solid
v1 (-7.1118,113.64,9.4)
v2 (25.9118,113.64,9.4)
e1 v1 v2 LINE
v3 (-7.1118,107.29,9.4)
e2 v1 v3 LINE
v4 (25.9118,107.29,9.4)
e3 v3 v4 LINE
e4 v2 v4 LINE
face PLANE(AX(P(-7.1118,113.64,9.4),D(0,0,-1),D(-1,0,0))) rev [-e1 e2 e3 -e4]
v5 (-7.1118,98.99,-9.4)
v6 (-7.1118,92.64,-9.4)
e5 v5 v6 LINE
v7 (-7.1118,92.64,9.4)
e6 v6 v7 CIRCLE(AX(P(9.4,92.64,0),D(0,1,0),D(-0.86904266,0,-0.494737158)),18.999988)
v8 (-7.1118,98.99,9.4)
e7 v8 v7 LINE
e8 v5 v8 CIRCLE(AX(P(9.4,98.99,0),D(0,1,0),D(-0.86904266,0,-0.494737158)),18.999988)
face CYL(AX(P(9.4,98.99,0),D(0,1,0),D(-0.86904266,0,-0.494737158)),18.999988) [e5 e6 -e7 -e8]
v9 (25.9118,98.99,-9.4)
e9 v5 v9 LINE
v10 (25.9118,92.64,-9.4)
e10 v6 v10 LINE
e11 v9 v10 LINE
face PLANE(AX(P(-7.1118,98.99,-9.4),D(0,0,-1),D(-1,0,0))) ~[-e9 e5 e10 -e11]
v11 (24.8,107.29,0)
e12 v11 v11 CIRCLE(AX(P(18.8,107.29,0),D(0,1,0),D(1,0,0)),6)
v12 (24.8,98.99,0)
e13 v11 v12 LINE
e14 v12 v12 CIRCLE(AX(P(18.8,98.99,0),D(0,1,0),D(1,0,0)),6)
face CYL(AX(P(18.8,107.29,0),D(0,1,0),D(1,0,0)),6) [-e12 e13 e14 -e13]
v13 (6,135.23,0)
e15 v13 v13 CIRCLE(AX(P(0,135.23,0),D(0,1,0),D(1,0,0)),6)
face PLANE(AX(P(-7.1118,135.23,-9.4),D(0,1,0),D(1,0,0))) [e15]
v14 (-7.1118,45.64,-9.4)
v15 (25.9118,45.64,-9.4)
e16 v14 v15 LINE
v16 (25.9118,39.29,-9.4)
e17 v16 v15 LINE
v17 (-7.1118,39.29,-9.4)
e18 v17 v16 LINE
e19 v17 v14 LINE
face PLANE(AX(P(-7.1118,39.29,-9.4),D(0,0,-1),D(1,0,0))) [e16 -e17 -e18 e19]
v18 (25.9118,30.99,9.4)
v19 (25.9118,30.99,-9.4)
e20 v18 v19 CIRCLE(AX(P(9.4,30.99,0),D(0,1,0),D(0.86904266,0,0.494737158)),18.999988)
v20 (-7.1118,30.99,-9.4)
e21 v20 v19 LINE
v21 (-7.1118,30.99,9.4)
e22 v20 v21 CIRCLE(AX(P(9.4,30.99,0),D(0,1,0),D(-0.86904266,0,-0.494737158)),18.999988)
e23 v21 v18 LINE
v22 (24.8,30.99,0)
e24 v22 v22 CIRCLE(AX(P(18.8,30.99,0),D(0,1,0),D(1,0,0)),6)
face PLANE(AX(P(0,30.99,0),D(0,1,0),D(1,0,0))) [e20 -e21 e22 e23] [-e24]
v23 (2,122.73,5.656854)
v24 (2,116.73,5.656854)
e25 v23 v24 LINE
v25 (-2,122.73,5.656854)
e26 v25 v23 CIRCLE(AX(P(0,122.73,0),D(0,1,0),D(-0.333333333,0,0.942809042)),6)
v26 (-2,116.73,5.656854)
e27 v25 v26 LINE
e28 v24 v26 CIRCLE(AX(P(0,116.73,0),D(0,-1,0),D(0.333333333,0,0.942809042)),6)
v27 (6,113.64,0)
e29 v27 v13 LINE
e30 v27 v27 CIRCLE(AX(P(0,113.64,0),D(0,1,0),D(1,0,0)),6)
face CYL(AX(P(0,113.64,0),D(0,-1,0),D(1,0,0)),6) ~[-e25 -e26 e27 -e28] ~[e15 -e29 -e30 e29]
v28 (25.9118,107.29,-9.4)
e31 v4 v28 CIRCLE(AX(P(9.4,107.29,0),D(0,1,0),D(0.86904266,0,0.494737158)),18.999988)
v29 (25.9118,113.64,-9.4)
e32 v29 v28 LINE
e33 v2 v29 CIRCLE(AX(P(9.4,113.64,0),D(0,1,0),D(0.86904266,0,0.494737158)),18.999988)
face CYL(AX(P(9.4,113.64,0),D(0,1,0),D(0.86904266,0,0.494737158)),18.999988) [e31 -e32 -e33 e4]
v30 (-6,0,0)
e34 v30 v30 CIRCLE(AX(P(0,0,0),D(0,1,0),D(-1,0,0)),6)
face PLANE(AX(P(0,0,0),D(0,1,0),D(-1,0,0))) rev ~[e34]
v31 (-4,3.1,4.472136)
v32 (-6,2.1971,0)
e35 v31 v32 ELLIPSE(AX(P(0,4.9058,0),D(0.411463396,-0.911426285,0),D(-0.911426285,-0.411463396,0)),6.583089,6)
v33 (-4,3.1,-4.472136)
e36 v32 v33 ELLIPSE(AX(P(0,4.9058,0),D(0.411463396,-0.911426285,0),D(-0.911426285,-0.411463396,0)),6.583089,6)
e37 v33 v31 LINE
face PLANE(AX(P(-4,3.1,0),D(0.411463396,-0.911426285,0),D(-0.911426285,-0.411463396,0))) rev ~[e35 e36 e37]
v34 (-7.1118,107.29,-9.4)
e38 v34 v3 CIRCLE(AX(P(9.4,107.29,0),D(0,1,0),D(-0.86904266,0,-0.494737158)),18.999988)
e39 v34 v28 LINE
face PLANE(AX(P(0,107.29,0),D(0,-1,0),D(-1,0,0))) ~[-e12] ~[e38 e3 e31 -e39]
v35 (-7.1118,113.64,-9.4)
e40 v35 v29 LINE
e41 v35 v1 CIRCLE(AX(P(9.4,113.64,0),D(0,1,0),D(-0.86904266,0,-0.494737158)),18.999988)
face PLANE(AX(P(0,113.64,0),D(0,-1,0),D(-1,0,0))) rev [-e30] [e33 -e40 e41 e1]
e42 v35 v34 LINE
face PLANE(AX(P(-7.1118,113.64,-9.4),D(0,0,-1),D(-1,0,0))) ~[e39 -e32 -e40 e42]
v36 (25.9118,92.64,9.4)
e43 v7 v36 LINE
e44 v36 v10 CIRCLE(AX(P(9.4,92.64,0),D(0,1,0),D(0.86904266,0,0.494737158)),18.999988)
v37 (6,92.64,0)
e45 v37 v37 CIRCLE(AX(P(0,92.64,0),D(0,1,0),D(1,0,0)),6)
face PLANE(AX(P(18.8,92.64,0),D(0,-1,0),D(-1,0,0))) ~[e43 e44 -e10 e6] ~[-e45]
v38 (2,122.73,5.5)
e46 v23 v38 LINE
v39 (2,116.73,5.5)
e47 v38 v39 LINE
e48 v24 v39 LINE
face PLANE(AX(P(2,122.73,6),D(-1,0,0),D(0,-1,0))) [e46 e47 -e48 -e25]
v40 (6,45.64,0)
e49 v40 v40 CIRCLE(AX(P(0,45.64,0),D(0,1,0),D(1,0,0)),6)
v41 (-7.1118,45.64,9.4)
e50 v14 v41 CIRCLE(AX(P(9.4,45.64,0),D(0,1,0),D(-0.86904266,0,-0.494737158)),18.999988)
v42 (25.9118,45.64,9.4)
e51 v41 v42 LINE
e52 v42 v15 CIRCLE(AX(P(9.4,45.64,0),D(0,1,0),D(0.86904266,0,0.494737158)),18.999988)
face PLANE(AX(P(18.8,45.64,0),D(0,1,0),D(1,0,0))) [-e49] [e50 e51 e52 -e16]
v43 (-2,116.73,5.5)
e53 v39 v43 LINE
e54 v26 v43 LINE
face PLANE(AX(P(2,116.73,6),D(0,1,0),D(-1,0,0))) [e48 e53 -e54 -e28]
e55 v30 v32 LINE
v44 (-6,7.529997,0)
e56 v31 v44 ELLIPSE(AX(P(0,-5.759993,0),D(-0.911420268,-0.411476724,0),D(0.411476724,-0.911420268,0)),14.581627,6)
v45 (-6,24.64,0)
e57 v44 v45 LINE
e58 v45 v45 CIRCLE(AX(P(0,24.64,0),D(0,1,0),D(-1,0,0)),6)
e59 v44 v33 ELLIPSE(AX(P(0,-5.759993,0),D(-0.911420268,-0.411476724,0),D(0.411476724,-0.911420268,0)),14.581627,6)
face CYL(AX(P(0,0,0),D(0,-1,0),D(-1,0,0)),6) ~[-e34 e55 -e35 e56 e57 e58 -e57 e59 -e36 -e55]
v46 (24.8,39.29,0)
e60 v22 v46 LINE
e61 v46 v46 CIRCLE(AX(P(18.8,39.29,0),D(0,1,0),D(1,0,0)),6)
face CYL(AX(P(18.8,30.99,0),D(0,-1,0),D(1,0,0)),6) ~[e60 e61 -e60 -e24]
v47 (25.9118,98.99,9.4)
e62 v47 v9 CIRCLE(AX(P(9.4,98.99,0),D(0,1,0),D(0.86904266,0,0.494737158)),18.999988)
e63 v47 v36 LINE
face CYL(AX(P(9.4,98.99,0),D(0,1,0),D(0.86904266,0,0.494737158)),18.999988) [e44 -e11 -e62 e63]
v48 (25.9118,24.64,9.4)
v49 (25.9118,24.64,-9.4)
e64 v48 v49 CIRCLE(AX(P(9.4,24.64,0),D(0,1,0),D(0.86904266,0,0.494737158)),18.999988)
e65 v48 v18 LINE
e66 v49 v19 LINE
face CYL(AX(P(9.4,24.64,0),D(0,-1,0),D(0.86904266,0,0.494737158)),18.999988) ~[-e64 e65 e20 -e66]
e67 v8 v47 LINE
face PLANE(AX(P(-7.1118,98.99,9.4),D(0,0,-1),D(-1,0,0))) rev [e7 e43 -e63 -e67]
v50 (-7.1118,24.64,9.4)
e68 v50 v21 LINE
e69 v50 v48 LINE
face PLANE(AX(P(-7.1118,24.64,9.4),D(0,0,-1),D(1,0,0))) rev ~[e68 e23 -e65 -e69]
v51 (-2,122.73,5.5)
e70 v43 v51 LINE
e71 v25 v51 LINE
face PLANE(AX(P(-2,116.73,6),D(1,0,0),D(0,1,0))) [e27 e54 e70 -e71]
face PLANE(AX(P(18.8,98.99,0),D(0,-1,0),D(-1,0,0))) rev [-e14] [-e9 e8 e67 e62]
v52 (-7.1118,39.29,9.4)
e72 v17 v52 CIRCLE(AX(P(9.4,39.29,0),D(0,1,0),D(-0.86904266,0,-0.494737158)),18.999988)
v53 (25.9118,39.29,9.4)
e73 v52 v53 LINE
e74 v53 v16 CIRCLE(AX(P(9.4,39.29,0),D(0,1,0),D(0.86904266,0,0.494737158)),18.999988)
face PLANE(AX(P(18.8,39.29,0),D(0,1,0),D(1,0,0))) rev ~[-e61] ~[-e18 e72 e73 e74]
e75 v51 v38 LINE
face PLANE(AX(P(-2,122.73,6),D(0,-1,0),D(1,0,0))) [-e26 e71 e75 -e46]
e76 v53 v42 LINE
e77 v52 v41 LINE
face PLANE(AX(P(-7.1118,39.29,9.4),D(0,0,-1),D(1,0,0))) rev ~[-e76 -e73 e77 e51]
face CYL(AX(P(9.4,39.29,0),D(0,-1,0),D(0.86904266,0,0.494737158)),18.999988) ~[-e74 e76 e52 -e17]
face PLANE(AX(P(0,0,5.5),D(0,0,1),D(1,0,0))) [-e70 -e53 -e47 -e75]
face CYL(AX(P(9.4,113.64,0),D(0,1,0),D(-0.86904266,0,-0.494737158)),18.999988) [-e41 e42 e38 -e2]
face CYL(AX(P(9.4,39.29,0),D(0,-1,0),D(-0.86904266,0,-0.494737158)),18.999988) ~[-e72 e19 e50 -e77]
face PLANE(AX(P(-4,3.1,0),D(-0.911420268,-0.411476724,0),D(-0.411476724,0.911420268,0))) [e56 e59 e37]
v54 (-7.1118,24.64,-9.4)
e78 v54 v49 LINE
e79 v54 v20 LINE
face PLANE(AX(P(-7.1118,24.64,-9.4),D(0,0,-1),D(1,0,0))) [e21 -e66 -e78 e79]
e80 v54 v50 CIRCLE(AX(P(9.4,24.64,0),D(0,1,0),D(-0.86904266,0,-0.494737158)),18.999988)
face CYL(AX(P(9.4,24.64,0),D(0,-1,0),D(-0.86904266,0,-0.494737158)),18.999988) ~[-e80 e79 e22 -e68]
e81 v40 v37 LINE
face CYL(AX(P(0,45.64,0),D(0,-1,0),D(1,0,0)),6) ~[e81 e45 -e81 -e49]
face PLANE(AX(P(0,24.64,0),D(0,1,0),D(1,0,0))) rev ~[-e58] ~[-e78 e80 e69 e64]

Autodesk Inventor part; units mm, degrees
ref_plane "YZ Plane" through (0, 0, 0) normal (1, 0, 0) x (0, 1, 0)
sketch "Sketch1" plane through (0, 0, 0) normal (0, 1, 0) x (-1, 0, 0)
  circle A0 centre (0, 0) radius 6
  dimension "d10" = 12
extrude "Extrusion1" add sketch "Sketch1" along normal blind 24.64
sketch "Sketch2" plane through (0, 24.64, 0) normal (0, 1, 0) x (1, 0, 0)
  line L0 (0, 0) -> (9.4, 0) construction
  line L1 (9.4, 0) -> (9.4, -9.4) construction
  line L2 (9.4, -9.4) -> (9.4, 9.4) construction
  line L3 (9.4, 9.4) -> (-7.1118, 9.4) construction
  line L4 (-7.1118, -9.4) -> (25.9118, -9.4)
  line L5 (-7.1118, 9.4) -> (25.9118, 9.4)
  arc A0 (-7.1118, 9.4) -> (-7.1118, -9.4) centre (9.4, 0) ccw
  arc A1 (25.9118, -9.4) -> (25.9118, 9.4) centre (9.4, 0) ccw
  dimension "d3" = 9.4
  dimension "d5" = 9.4
  dimension "d6" = 18.8
extrude "Extrusion2" add sketch "Sketch2" along normal blind 6.35
sketch "Sketch3" plane through (0, 30.99, 0) normal (0, 1, 0) x (1, 0, 0)
  arc A0 (25.9118, -9.4) -> (25.9118, 9.4) centre (9.4, 0) ccw construction
  line L0 (28.4, 0) -> (-9.6, 0) construction
  arc A1 (-7.1118, 9.4) -> (-7.1118, -9.4) centre (9.4, 0) ccw construction
  line L1 (9.4, 0) -> (18.8, 0) construction
  circle A2 centre (18.8, 0) radius 6
  point P0 (0, 0)
  dimension "d9" = 9.4
  dimension "d11" = 12
extrude "Extrusion3" add sketch "Sketch3" along normal blind 8.3
sketch "Sketch4" plane through (18.8, 39.29, 0) normal (0, 1, 0) x (1, 0, 0)
  line L0 (-18.8, 0) -> (-9.4, 0) construction
  line L1 (-25.9118, -9.4) -> (7.1118, -9.4) projected
  arc A0 (7.1118, -9.4) -> (7.1118, 9.4) centre (-9.4, 0) ccw projected
  line L2 (-25.9118, -9.4) -> (7.1118, -9.4)
  arc A1 (-25.9118, 9.4) -> (-25.9118, -9.4) centre (-9.4, 0) ccw projected
  line L3 (-25.9118, 9.4) -> (7.1118, 9.4)
  arc A2 (-25.9118, 9.4) -> (-25.9118, -9.4) centre (-8.6906, 0) ccw
  arc A3 (7.1118, -9.4) -> (7.1118, 9.4) centre (-9.4, 0) ccw
extrude "Extrusion4" add sketch "Sketch4" along normal blind 6.35
sketch "Sketch5" plane through (18.8, 45.64, 0) normal (0, 1, 0) x (1, 0, 0)
  circle A0 centre (-18.8, 0) radius 6
extrude "Extrusion5" add sketch "Sketch5" along normal blind 47
ref_plane "Work Plane1" through (0, 69.14, 0) normal (0, 1, 0) x (-1, 0, 0)
mirror "Mirror1" about plane through (0, 69.14, 0) normal (0, 1, 0) of "Extrusion4", "Extrusion3", "Extrusion2"
sketch "Sketch6" plane through (-7.1118, 113.64, -9.4) normal (0, 1, 0) x (1, 0, 0)
  circle A0 centre (7.1118, -9.4) radius 6
extrude "Extrusion6" add sketch "Sketch6" along normal blind 21.59
sketch "Sketch7" plane through (0, 0, 0) normal (0, 0, 1) x (1, 0, 0)
  line L0 (-6, 0) -> (6, 0) construction
  line L1 (-6, 0) -> (-6, 3.1) construction
  line L2 (-6, 0) -> (-6, 24.64) construction
  line L3 (-6, 3.1) -> (-6, 13.9633) construction
  line L4 (-6, 6.3213) -> (-6.1058, 6.6118) construction
  line L5 (-6, 6.3213) -> (-6, 12.9578) construction
  line L6 (-4, 3.1) -> (-6.1349, 7.8288)
  line L7 (-4, 3.1) -> (-2, 3.1) construction
  line L8 (-4, 3.1) -> (-6, 2.1971)
  line L9 (-6, 2.1971) -> (-6.1349, 7.8288)
  point P0 (0, 0)
extrude "Extrusion7" cut sketch "Sketch7" along normal through all both and the other way through all
ref_plane "Work Plane2" through (0, 0, 6) normal (0, 0, 1) x (1, 0, 0)
sketch "Sketch8" plane through (0, 0, 6) normal (0, 0, 1) x (1, 0, 0)
  line L0 (6, 135.23) -> (-6, 135.23) construction
  line L1 (0, 135.23) -> (0, 122.73) construction
  line L2 (0, 122.73) -> (0, 119.73) construction
  line L3 (2, 116.73) -> (-2, 116.73)
  line L4 (-2, 116.73) -> (-2, 122.73)
  line L5 (-2, 122.73) -> (2, 122.73)
  line L6 (2, 122.73) -> (2, 116.73)
  line L7 (2, 116.73) -> (-2, 122.73) construction
  line L8 (-2, 116.73) -> (2, 122.73) construction
  point P0 (0, 0)
  dimension "d29" = 12.5
  dimension "d30" = 3
  dimension "d31" = 4
extrude "Extrusion8" cut sketch "Sketch8" against normal blind 0.5
properties part number "Albero a gomito"
